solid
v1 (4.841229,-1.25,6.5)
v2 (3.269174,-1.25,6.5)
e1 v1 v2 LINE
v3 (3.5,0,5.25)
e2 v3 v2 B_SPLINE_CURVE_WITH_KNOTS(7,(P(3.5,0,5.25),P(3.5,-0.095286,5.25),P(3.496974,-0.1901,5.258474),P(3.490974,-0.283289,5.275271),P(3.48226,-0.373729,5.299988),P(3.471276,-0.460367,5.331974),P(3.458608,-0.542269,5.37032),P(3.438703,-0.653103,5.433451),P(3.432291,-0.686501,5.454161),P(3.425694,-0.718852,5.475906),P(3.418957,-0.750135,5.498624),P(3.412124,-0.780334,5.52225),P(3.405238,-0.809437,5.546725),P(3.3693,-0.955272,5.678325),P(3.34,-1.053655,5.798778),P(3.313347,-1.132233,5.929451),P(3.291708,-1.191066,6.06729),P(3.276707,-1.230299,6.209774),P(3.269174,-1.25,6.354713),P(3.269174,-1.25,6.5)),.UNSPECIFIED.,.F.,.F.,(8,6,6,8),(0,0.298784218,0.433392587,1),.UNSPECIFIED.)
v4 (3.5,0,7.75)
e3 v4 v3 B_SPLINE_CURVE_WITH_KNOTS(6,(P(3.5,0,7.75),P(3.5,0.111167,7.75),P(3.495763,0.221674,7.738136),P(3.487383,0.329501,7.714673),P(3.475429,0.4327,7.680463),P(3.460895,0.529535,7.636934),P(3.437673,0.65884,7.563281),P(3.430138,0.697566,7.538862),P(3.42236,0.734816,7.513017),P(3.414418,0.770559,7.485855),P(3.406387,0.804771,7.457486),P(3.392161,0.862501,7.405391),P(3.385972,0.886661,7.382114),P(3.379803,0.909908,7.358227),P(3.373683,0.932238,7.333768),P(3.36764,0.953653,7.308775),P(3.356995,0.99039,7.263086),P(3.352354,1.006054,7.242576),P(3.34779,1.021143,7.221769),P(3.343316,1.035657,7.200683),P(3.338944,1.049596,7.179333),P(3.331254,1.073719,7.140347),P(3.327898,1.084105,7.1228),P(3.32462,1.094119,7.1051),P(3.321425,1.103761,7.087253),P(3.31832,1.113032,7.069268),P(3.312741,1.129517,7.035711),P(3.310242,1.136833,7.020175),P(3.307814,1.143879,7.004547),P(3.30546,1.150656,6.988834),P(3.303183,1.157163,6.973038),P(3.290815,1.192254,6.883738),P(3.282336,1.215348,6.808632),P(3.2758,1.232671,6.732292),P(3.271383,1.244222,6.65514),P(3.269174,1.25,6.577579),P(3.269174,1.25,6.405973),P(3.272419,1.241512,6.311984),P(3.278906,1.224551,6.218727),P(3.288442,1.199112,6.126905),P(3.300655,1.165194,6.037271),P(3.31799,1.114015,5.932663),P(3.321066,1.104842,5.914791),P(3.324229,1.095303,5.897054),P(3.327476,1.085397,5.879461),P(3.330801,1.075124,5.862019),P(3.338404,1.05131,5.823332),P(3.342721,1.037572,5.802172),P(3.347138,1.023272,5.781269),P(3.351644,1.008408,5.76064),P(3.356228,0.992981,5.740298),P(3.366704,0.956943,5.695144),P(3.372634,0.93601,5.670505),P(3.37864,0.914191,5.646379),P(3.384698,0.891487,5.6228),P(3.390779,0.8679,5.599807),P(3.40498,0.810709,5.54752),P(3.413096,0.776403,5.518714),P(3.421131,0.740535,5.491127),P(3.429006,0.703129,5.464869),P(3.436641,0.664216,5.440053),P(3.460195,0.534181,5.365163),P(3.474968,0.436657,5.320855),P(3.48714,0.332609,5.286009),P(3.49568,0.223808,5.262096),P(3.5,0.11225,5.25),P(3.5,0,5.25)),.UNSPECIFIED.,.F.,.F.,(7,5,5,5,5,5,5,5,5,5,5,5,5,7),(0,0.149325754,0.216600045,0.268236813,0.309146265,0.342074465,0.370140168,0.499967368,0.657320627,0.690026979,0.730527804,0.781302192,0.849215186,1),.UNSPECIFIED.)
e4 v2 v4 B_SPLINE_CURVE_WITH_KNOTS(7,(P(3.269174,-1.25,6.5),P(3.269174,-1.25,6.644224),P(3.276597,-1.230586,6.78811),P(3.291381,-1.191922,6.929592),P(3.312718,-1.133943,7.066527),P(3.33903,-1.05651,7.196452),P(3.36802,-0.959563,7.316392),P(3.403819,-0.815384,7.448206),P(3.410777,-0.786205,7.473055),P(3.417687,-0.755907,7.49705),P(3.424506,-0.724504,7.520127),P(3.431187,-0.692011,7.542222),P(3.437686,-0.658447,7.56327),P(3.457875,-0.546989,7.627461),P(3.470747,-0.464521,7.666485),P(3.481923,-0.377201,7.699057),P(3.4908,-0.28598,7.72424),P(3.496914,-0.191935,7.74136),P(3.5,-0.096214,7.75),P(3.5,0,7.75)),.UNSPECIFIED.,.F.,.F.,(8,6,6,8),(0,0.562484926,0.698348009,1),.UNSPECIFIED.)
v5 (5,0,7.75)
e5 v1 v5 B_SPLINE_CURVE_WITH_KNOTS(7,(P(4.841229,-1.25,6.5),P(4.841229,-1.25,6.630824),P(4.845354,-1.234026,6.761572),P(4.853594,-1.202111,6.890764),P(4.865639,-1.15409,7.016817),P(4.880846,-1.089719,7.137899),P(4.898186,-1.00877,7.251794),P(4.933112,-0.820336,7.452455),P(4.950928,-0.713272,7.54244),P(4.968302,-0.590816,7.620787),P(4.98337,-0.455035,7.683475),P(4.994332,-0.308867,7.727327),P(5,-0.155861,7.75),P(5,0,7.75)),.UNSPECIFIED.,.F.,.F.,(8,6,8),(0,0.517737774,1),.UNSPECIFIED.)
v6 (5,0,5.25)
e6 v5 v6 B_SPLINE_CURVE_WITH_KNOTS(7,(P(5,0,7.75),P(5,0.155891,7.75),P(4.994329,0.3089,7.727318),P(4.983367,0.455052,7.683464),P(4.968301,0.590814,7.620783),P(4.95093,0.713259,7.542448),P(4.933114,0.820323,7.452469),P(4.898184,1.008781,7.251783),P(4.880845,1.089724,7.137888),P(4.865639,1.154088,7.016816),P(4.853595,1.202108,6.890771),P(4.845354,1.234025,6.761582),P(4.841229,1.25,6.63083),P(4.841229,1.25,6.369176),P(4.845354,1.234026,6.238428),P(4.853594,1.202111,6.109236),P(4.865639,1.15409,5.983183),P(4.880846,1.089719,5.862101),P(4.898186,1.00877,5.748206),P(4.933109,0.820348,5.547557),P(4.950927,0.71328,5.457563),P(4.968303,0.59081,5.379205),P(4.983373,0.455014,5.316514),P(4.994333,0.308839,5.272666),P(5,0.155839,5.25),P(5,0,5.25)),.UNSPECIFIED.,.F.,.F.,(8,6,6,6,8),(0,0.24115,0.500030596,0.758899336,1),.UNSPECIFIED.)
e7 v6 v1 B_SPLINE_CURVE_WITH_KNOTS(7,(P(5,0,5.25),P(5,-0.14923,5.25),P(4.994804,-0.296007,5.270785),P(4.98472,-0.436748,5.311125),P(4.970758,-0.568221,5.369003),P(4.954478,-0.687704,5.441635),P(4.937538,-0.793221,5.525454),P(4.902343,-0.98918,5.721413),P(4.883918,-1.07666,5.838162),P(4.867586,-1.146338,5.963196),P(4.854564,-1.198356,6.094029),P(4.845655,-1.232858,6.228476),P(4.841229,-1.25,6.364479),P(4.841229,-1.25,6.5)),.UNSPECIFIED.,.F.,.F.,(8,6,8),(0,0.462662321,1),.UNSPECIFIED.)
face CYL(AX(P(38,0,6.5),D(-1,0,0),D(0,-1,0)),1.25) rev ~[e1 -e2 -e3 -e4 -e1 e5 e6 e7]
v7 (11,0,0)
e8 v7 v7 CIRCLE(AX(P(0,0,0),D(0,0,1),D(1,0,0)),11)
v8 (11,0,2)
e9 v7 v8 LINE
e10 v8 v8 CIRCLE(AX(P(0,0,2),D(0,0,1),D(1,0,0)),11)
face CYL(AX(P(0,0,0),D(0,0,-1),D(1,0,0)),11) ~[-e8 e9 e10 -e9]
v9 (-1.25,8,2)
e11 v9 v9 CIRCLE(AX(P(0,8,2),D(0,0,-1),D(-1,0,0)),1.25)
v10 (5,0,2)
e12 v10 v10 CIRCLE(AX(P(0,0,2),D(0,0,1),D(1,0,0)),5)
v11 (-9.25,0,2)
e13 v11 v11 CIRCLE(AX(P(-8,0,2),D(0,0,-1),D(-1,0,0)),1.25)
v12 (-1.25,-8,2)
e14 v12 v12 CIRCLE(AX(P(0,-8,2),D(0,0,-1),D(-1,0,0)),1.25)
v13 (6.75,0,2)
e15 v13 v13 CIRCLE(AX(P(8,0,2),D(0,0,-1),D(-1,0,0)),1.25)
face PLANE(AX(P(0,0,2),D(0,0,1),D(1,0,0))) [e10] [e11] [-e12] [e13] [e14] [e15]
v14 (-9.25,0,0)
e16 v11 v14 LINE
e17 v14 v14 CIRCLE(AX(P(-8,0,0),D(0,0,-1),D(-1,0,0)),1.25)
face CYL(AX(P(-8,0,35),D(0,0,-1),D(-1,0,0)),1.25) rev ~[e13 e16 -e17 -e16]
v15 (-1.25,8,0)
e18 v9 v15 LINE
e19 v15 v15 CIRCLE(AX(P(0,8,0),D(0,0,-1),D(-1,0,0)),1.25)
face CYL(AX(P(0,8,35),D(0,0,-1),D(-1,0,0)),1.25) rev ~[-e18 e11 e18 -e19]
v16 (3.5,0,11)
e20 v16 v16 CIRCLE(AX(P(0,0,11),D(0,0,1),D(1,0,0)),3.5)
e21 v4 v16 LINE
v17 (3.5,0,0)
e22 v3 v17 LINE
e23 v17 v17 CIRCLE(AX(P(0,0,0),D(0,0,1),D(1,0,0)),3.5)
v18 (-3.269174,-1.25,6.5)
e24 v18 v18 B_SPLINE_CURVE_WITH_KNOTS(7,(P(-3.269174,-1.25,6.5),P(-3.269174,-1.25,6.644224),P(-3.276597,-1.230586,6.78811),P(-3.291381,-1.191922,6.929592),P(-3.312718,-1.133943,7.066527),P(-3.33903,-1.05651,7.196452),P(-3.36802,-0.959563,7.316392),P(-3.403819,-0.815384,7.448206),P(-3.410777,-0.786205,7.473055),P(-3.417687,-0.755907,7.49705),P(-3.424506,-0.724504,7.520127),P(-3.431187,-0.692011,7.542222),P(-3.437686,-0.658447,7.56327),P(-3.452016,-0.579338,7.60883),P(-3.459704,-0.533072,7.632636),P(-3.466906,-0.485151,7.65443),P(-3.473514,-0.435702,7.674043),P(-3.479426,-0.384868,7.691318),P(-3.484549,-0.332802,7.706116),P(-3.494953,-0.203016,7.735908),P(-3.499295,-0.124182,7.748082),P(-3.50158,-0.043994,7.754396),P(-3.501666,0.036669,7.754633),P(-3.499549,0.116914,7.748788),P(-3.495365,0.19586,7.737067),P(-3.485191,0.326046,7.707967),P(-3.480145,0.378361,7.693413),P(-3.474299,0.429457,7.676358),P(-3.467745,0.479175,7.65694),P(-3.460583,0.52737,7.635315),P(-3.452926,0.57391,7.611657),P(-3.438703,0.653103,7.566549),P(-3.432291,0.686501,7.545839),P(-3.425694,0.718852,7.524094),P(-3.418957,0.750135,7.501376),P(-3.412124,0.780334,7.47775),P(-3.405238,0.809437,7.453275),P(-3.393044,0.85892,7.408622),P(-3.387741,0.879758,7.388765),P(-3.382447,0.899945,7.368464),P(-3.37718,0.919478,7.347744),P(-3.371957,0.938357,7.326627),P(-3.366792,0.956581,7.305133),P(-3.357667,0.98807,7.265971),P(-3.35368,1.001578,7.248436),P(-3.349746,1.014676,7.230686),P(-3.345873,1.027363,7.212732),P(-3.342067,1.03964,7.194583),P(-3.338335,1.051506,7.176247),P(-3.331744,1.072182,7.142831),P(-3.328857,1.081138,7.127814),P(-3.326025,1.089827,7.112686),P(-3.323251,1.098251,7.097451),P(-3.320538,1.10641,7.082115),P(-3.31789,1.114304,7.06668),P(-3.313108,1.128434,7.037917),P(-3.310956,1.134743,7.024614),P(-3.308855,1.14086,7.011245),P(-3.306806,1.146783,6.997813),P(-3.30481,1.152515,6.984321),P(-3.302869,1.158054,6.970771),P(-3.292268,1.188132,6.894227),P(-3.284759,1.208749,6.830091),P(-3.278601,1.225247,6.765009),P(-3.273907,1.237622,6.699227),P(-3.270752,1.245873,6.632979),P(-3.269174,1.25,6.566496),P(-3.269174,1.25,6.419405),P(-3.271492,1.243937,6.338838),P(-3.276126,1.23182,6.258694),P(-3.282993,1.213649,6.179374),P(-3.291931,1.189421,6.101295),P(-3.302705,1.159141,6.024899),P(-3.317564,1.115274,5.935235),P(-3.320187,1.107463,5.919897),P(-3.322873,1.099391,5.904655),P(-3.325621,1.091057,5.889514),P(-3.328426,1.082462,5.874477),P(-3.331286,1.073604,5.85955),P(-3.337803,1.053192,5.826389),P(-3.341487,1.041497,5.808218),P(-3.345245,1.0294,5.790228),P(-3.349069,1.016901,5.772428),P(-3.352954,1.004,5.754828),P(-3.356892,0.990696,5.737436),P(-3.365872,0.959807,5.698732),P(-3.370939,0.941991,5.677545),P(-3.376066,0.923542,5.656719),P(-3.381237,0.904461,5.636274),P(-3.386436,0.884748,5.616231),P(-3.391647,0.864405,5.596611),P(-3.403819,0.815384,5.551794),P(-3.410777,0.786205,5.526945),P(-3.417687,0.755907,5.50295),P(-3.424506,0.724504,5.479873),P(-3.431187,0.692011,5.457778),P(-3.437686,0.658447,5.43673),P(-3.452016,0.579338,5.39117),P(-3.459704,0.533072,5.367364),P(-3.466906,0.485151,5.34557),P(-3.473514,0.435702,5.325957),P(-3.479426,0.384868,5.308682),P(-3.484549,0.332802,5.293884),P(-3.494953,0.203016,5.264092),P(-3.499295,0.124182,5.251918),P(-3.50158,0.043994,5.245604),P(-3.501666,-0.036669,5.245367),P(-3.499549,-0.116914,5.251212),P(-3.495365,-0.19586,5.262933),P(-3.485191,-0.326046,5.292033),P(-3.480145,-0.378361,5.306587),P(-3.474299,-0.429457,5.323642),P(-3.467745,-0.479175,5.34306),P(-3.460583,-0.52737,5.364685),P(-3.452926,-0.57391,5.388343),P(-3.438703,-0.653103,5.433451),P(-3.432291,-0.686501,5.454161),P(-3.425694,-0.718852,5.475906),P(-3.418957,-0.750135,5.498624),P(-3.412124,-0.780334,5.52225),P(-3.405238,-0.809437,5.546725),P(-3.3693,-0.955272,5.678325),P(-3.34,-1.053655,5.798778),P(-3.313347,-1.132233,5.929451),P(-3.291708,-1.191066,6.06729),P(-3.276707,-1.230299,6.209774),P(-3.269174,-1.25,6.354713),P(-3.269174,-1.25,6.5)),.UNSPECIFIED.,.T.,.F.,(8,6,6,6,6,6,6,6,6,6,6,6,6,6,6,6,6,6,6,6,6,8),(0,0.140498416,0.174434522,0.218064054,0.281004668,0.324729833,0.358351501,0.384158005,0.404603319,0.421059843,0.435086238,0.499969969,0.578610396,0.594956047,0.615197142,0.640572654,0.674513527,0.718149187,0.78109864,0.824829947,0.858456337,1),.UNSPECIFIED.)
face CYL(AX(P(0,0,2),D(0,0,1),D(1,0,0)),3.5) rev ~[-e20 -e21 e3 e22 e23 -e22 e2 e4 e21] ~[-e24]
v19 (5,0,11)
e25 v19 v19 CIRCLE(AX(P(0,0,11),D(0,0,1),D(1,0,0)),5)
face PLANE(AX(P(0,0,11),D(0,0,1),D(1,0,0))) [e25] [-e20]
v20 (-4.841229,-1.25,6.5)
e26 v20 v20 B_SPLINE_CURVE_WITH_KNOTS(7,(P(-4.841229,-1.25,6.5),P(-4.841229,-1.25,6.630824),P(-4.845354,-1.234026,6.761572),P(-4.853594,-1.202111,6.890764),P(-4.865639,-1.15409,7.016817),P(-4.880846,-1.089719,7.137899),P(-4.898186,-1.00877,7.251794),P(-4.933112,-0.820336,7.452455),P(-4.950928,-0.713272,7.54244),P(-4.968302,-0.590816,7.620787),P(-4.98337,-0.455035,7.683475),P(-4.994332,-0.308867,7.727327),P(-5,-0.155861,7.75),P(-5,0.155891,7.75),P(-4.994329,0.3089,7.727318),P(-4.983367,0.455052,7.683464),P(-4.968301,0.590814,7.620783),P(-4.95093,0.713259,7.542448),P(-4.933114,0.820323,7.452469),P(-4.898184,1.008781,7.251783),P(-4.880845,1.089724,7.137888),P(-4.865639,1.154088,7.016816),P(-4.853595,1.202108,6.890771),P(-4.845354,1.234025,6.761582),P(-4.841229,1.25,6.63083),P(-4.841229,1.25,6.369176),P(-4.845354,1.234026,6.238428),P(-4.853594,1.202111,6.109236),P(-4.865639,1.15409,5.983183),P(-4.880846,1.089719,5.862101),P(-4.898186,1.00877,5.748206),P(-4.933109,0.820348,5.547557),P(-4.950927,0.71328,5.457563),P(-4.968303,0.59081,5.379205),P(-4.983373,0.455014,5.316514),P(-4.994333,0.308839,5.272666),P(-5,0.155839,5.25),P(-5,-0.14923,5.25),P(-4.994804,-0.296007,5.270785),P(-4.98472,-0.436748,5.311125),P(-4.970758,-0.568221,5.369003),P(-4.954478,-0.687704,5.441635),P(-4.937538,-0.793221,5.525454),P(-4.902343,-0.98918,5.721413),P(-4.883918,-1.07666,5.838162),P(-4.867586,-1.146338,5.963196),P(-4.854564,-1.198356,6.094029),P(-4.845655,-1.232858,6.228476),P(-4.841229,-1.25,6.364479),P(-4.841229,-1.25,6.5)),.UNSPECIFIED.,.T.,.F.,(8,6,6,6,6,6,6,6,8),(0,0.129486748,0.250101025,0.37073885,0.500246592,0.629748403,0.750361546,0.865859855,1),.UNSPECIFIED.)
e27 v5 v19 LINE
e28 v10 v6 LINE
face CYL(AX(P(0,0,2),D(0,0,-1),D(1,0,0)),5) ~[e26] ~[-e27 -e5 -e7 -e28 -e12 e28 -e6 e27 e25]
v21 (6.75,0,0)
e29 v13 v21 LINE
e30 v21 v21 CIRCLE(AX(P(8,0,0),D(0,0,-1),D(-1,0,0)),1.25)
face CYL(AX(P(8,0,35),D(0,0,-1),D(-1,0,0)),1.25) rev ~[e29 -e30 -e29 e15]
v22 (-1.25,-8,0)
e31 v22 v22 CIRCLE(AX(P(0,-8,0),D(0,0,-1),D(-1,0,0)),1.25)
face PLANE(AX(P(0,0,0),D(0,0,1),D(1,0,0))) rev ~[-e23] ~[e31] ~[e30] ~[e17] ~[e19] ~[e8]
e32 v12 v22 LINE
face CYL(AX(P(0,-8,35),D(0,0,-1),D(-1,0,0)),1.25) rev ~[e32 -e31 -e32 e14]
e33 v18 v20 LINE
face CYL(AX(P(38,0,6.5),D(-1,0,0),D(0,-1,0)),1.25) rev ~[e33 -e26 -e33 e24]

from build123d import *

# Parameters (mm, degrees)
F0_R     = 11
F1_DEPTH = 2
F2_R     = 5
F2_R_2   = 3.5
F3_DEPTH = 9
F4_R     = 3.5
F5_DEPTH = 2
F7_D     = 2.5
F10_D    = 2.5


with BuildPart() as f1:
    # F0 (on Top) → F1 (new body)
    with BuildSketch(Plane.XY):
        Circle(F0_R)
    extrude(amount=F1_DEPTH)

    # F2 (on face) → F3 (join)
    with BuildSketch(Plane.XY.offset(2)):
        Circle(F2_R)
        Circle(F2_R_2, mode=Mode.SUBTRACT)
    extrude(amount=F3_DEPTH)

    # F4 (on face) → F5 (cut, through all)
    with BuildSketch(Plane.XY.offset(2)):
        Circle(F4_R)
    extrude(amount=-F5_DEPTH, mode=Mode.SUBTRACT)

    # F7 (through all)
    with Locations(Plane.XY.offset(2)):
        with Locations((0, 8), (8, 0), (0, -8), (-8, 0)):
            Hole(F7_D / 2)

    # F10 (through all)
    with Locations(Plane.YZ.offset(5)):
        with Locations((0, 6.5)):
            Hole(F10_D / 2)


solid = f1.part
